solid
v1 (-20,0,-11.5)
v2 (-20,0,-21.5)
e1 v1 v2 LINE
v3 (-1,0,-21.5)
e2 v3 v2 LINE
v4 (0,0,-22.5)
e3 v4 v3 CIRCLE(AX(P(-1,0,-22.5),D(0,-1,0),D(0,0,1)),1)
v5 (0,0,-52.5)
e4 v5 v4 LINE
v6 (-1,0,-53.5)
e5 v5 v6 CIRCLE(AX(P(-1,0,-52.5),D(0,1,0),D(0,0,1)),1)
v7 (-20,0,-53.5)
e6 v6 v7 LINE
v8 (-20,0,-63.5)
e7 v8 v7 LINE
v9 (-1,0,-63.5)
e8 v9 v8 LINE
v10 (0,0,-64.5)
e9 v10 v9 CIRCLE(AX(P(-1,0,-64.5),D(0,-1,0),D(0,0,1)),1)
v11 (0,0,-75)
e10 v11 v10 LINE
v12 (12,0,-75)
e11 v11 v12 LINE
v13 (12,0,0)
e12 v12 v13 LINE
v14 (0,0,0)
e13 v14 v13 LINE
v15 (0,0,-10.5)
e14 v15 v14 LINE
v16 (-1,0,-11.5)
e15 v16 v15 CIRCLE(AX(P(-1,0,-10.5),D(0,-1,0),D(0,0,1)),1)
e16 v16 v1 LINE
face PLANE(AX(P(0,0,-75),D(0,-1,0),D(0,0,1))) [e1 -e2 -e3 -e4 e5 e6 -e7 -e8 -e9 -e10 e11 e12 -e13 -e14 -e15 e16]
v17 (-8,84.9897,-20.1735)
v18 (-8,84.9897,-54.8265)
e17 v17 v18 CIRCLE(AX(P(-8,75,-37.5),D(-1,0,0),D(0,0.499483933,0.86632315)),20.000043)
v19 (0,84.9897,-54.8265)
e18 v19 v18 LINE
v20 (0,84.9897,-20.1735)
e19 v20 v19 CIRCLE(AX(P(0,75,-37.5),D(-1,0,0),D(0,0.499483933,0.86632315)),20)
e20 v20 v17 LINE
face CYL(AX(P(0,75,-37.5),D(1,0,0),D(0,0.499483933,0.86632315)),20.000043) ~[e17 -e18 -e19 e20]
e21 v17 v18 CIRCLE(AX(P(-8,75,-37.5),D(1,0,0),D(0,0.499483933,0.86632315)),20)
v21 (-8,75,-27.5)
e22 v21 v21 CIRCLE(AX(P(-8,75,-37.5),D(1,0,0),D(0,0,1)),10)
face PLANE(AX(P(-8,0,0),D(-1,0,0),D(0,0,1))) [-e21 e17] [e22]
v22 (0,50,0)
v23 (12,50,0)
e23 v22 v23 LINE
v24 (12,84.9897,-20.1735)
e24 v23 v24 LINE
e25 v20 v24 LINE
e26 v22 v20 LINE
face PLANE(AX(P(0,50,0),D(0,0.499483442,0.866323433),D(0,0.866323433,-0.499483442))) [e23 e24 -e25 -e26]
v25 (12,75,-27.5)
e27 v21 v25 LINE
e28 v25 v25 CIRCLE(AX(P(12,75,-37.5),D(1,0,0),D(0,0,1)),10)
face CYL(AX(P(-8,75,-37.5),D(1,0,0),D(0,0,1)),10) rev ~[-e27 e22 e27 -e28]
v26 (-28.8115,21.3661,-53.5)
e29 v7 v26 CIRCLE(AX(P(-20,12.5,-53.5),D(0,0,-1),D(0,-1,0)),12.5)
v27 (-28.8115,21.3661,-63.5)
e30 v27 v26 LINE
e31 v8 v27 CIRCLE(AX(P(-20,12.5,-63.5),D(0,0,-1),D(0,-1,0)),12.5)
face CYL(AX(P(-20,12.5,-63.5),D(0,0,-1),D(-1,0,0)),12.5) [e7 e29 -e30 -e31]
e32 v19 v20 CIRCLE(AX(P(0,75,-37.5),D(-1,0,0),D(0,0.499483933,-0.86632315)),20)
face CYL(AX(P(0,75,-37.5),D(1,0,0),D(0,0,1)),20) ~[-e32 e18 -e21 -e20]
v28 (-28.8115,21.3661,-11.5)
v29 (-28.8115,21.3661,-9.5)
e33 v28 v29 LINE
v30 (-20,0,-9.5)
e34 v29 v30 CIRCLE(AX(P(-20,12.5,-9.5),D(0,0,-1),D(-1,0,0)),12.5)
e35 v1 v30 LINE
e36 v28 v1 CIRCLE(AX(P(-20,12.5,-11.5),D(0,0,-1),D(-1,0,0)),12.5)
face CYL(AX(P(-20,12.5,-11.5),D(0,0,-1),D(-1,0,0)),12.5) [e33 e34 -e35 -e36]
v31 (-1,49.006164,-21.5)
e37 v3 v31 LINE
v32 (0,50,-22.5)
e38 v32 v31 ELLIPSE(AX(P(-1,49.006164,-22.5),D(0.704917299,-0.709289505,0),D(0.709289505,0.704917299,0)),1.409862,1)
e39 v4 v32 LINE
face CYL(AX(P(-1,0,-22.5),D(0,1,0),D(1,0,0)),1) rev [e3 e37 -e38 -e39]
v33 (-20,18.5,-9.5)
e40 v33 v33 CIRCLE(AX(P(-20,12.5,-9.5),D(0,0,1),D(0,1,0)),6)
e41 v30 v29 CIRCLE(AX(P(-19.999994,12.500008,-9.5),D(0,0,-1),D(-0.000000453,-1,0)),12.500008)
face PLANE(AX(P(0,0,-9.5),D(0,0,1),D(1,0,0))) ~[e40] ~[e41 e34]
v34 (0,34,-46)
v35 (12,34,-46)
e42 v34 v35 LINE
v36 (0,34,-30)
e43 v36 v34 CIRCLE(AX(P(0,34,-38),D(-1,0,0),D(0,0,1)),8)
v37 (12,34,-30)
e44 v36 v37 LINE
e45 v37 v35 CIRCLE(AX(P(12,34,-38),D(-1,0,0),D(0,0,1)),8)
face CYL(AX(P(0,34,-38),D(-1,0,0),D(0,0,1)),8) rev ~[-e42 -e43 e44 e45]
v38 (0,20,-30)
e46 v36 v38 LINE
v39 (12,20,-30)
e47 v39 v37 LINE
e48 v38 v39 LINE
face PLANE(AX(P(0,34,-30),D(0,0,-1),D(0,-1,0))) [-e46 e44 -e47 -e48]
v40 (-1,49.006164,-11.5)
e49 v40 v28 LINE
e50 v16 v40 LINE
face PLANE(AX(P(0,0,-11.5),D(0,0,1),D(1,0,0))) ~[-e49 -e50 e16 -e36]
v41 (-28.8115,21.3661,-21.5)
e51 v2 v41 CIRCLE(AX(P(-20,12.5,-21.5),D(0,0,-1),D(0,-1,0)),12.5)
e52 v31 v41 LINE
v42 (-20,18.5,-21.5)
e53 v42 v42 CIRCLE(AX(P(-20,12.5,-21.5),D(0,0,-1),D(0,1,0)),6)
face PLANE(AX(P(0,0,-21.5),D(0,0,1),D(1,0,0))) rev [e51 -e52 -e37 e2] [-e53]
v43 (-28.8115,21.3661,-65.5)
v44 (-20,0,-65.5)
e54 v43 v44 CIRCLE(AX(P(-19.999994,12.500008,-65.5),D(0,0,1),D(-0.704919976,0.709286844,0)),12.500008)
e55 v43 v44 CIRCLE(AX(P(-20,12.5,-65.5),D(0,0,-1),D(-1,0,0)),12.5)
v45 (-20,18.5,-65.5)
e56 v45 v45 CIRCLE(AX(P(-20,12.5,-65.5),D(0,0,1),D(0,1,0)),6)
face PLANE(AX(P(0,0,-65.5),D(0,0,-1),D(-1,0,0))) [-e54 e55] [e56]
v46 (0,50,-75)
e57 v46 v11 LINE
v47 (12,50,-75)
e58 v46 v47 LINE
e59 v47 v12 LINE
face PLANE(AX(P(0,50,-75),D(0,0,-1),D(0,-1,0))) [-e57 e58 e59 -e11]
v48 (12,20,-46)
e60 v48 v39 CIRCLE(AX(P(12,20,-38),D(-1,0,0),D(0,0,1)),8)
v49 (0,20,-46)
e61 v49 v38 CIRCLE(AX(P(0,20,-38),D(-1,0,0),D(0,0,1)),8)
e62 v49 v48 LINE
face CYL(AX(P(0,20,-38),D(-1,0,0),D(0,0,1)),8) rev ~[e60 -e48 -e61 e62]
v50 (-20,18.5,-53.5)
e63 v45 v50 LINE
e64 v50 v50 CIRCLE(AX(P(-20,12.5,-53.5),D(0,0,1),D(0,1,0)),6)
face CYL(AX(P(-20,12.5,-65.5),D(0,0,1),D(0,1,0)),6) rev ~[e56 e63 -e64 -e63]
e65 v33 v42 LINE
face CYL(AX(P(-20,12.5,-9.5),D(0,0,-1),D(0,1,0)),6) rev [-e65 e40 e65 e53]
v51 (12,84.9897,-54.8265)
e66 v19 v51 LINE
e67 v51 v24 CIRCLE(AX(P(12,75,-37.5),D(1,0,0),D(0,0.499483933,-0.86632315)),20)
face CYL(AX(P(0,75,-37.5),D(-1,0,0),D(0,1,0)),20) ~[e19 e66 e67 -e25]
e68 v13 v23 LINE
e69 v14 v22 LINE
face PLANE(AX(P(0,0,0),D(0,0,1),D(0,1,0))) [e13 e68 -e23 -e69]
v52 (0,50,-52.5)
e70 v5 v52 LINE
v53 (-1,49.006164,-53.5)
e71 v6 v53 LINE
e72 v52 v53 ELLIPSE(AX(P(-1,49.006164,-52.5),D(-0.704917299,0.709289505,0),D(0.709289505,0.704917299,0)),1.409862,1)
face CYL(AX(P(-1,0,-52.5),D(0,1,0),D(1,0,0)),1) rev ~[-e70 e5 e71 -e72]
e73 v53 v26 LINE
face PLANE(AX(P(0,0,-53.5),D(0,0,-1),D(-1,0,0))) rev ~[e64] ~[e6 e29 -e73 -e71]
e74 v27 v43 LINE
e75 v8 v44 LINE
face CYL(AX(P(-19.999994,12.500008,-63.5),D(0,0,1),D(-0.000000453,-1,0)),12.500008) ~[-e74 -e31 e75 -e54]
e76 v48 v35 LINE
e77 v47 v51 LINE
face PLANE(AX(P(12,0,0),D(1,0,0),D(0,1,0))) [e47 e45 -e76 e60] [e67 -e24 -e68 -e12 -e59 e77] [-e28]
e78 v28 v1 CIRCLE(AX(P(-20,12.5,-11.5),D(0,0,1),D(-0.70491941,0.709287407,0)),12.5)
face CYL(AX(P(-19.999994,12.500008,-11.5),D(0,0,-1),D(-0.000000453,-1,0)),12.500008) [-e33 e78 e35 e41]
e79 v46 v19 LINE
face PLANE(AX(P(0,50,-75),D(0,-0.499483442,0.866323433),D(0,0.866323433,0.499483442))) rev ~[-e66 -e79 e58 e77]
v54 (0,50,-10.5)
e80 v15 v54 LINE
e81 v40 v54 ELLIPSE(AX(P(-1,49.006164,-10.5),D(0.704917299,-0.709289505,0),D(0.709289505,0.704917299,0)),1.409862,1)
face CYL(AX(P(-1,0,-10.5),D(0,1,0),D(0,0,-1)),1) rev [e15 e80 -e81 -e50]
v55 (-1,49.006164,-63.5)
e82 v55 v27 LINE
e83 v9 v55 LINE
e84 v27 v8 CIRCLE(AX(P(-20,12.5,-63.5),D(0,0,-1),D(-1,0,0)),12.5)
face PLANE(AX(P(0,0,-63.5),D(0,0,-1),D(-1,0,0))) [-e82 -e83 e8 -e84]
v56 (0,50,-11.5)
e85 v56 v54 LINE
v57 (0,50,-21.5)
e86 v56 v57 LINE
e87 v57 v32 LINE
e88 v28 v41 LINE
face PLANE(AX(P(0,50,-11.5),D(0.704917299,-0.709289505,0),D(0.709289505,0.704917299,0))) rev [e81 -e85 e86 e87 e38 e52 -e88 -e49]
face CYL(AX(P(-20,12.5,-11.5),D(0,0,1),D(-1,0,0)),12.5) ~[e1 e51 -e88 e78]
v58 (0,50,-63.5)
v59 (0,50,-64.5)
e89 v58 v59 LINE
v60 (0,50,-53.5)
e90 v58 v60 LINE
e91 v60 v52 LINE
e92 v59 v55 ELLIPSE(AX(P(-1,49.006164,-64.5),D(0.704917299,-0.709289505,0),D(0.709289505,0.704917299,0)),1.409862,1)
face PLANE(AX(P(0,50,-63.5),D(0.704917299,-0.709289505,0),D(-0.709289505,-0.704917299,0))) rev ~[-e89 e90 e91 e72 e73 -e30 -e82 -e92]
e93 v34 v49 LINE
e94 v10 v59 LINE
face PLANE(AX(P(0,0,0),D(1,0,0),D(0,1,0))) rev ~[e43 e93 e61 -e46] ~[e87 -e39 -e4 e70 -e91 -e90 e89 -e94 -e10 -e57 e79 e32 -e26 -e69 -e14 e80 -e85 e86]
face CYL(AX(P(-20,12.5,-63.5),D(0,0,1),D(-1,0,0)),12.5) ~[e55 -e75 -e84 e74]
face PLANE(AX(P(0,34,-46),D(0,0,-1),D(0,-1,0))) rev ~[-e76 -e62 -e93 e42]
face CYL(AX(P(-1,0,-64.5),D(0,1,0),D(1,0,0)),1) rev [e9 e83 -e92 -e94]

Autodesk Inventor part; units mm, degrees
ref_plane "YZ Plane" through (0, 0, 0) normal (1, 0, 0) x (0, 1, 0)
ref_plane "XZ Plane" through (0, 0, 0) normal (0, 1, 0) x (-1, 0, 0)
ref_plane "XY Plane" through (0, 0, 0) normal (0, 0, 1) x (1, 0, 0)
sketch "Szkic1" plane through (0, 0, 0) normal (1, 0, 0) x (0, 1, 0)
  line L0 (0, 0) -> (50, 0)
  line L1 (50, 0) -> (50, -75)
  line L2 (50, -75) -> (0, -75)
  line L3 (0, -75) -> (0, 0)
  circle A0 centre (75, -37.5) radius 20
  line L4 (50, 0) -> (84.9897, -20.1735)
  line L5 (50, -75) -> (84.9897, -54.8265)
  dimension "d0" = 50
  dimension "d1" = 75
  dimension "d2" = 40
  dimension "d3" = 25
  dimension "d4" = 37.5
extrude "Wyciągnięcie proste1" add sketch "Szkic1" along normal blind 12
sketch "Szkic2" plane through (12, 0, 0) normal (1, 0, 0) x (0, 0, -1)
  point P0 (0, 0)
sketch "Szkic3" plane through (0, 0, 0) normal (-1, 0, 0) x (0, 0, 1)
  arc A0 (-20.1735, 84.9897) -> (-54.8265, 84.9897) centre (-37.5, 75) ccw projected
  circle A1 centre (-37.5, 75) radius 20
  point P0 (0, 0)
  point P1 (-54.8265, 84.9897)
  point P2 (-20.1735, 84.9897)
  dimension "d7" = 40
extrude "Wyciągnięcie proste2" add sketch "Szkic3" along normal blind 8
sketch "Szkic4" plane through (0, 0, 0) normal (-1, 0, 0) x (0, 0, 1)
  circle A0 centre (-38, 34) radius 8
  circle A1 centre (-38, 20) radius 8
  line L0 (-46, 34) -> (-46, 20)
  line L1 (-30, 34) -> (-30, 20)
  line L2 (0, 0) -> (-75, 0) projected
  dimension "d10" = 16
  dimension "d11" = 16
  dimension "d12" = 14
  dimension "d13" = 20
extrude "Wyciągnięcie proste3" cut sketch "Szkic4" against normal through all
sketch "Szkic5" plane through (-8, 75, -37.5) normal (-1, 0, 0) x (0, 0, 1)
  point P0 (37.5, -75)
  point P1 (0, 0)
hole "Otwór1" at (-8, 75, -37.5) direction (1, 0, 0) diameter 20 end through all
ref_plane "Płaszczyzna konstrukcyjna1" through (0, 0, -63.5) normal (0, 0, -1) x (-1, 0, 0)
sketch "Szkic6" plane through (0, 0, -63.5) normal (0, 0, -1) x (-1, 0, 0)
  circle A0 centre (20, 12.5) radius 12.5
  line L0 (0, 50) -> (-12, 50) projected
  line L1 (0, 50) -> (28.8115, 21.3661)
  line L2 (0, 0) -> (0, 50) projected
  line L3 (0, 0) -> (20, 0)
  dimension "d24" = 25
  dimension "d25" = 20
extrude "Wyciągnięcie proste4" add sketch "Szkic6" against normal blind 10
ref_plane "Płaszczyzna konstrukcyjna2" through (0, 0, -37.5) normal (0, 0, -1) x (-1, 0, 0)
sketch "Szkic7" plane through (0, 0, -63.5) normal (0, 0, -1) x (-1, 0, 0)
  arc A0 (20, 0) -> (28.8115, 21.3661) centre (20, 12.5) ccw projected
  circle A1 centre (20, 12.5) radius 12.5
  point P0 (0, 0)
  dimension "d28" = 25
extrude "Wyciągnięcie proste5" add sketch "Szkic7" along normal blind 2
sketch "Szkic8" plane through (-20, 12.5, -65.5) normal (0, 0, -1) x (-1, 0, 0)
  point P0 (-20, -12.5)
  point P1 (0, 0)
hole "Otwór2" at (-20, 12.5, -65.5) direction (0, 0, 1) diameter 12 end through all
mirror "Odbij1" about plane through (0, 0, -37.5) normal (0, 0, -1) of "Wyciągnięcie proste4", "Wyciągnięcie proste5", "Otwór2"
fillet "Zaokrąglenie1" radius 1 4 edges at (0, 25, -63.5) (0, 25, -21.5) (0, 25, -11.5) (0, 25, -53.5)
